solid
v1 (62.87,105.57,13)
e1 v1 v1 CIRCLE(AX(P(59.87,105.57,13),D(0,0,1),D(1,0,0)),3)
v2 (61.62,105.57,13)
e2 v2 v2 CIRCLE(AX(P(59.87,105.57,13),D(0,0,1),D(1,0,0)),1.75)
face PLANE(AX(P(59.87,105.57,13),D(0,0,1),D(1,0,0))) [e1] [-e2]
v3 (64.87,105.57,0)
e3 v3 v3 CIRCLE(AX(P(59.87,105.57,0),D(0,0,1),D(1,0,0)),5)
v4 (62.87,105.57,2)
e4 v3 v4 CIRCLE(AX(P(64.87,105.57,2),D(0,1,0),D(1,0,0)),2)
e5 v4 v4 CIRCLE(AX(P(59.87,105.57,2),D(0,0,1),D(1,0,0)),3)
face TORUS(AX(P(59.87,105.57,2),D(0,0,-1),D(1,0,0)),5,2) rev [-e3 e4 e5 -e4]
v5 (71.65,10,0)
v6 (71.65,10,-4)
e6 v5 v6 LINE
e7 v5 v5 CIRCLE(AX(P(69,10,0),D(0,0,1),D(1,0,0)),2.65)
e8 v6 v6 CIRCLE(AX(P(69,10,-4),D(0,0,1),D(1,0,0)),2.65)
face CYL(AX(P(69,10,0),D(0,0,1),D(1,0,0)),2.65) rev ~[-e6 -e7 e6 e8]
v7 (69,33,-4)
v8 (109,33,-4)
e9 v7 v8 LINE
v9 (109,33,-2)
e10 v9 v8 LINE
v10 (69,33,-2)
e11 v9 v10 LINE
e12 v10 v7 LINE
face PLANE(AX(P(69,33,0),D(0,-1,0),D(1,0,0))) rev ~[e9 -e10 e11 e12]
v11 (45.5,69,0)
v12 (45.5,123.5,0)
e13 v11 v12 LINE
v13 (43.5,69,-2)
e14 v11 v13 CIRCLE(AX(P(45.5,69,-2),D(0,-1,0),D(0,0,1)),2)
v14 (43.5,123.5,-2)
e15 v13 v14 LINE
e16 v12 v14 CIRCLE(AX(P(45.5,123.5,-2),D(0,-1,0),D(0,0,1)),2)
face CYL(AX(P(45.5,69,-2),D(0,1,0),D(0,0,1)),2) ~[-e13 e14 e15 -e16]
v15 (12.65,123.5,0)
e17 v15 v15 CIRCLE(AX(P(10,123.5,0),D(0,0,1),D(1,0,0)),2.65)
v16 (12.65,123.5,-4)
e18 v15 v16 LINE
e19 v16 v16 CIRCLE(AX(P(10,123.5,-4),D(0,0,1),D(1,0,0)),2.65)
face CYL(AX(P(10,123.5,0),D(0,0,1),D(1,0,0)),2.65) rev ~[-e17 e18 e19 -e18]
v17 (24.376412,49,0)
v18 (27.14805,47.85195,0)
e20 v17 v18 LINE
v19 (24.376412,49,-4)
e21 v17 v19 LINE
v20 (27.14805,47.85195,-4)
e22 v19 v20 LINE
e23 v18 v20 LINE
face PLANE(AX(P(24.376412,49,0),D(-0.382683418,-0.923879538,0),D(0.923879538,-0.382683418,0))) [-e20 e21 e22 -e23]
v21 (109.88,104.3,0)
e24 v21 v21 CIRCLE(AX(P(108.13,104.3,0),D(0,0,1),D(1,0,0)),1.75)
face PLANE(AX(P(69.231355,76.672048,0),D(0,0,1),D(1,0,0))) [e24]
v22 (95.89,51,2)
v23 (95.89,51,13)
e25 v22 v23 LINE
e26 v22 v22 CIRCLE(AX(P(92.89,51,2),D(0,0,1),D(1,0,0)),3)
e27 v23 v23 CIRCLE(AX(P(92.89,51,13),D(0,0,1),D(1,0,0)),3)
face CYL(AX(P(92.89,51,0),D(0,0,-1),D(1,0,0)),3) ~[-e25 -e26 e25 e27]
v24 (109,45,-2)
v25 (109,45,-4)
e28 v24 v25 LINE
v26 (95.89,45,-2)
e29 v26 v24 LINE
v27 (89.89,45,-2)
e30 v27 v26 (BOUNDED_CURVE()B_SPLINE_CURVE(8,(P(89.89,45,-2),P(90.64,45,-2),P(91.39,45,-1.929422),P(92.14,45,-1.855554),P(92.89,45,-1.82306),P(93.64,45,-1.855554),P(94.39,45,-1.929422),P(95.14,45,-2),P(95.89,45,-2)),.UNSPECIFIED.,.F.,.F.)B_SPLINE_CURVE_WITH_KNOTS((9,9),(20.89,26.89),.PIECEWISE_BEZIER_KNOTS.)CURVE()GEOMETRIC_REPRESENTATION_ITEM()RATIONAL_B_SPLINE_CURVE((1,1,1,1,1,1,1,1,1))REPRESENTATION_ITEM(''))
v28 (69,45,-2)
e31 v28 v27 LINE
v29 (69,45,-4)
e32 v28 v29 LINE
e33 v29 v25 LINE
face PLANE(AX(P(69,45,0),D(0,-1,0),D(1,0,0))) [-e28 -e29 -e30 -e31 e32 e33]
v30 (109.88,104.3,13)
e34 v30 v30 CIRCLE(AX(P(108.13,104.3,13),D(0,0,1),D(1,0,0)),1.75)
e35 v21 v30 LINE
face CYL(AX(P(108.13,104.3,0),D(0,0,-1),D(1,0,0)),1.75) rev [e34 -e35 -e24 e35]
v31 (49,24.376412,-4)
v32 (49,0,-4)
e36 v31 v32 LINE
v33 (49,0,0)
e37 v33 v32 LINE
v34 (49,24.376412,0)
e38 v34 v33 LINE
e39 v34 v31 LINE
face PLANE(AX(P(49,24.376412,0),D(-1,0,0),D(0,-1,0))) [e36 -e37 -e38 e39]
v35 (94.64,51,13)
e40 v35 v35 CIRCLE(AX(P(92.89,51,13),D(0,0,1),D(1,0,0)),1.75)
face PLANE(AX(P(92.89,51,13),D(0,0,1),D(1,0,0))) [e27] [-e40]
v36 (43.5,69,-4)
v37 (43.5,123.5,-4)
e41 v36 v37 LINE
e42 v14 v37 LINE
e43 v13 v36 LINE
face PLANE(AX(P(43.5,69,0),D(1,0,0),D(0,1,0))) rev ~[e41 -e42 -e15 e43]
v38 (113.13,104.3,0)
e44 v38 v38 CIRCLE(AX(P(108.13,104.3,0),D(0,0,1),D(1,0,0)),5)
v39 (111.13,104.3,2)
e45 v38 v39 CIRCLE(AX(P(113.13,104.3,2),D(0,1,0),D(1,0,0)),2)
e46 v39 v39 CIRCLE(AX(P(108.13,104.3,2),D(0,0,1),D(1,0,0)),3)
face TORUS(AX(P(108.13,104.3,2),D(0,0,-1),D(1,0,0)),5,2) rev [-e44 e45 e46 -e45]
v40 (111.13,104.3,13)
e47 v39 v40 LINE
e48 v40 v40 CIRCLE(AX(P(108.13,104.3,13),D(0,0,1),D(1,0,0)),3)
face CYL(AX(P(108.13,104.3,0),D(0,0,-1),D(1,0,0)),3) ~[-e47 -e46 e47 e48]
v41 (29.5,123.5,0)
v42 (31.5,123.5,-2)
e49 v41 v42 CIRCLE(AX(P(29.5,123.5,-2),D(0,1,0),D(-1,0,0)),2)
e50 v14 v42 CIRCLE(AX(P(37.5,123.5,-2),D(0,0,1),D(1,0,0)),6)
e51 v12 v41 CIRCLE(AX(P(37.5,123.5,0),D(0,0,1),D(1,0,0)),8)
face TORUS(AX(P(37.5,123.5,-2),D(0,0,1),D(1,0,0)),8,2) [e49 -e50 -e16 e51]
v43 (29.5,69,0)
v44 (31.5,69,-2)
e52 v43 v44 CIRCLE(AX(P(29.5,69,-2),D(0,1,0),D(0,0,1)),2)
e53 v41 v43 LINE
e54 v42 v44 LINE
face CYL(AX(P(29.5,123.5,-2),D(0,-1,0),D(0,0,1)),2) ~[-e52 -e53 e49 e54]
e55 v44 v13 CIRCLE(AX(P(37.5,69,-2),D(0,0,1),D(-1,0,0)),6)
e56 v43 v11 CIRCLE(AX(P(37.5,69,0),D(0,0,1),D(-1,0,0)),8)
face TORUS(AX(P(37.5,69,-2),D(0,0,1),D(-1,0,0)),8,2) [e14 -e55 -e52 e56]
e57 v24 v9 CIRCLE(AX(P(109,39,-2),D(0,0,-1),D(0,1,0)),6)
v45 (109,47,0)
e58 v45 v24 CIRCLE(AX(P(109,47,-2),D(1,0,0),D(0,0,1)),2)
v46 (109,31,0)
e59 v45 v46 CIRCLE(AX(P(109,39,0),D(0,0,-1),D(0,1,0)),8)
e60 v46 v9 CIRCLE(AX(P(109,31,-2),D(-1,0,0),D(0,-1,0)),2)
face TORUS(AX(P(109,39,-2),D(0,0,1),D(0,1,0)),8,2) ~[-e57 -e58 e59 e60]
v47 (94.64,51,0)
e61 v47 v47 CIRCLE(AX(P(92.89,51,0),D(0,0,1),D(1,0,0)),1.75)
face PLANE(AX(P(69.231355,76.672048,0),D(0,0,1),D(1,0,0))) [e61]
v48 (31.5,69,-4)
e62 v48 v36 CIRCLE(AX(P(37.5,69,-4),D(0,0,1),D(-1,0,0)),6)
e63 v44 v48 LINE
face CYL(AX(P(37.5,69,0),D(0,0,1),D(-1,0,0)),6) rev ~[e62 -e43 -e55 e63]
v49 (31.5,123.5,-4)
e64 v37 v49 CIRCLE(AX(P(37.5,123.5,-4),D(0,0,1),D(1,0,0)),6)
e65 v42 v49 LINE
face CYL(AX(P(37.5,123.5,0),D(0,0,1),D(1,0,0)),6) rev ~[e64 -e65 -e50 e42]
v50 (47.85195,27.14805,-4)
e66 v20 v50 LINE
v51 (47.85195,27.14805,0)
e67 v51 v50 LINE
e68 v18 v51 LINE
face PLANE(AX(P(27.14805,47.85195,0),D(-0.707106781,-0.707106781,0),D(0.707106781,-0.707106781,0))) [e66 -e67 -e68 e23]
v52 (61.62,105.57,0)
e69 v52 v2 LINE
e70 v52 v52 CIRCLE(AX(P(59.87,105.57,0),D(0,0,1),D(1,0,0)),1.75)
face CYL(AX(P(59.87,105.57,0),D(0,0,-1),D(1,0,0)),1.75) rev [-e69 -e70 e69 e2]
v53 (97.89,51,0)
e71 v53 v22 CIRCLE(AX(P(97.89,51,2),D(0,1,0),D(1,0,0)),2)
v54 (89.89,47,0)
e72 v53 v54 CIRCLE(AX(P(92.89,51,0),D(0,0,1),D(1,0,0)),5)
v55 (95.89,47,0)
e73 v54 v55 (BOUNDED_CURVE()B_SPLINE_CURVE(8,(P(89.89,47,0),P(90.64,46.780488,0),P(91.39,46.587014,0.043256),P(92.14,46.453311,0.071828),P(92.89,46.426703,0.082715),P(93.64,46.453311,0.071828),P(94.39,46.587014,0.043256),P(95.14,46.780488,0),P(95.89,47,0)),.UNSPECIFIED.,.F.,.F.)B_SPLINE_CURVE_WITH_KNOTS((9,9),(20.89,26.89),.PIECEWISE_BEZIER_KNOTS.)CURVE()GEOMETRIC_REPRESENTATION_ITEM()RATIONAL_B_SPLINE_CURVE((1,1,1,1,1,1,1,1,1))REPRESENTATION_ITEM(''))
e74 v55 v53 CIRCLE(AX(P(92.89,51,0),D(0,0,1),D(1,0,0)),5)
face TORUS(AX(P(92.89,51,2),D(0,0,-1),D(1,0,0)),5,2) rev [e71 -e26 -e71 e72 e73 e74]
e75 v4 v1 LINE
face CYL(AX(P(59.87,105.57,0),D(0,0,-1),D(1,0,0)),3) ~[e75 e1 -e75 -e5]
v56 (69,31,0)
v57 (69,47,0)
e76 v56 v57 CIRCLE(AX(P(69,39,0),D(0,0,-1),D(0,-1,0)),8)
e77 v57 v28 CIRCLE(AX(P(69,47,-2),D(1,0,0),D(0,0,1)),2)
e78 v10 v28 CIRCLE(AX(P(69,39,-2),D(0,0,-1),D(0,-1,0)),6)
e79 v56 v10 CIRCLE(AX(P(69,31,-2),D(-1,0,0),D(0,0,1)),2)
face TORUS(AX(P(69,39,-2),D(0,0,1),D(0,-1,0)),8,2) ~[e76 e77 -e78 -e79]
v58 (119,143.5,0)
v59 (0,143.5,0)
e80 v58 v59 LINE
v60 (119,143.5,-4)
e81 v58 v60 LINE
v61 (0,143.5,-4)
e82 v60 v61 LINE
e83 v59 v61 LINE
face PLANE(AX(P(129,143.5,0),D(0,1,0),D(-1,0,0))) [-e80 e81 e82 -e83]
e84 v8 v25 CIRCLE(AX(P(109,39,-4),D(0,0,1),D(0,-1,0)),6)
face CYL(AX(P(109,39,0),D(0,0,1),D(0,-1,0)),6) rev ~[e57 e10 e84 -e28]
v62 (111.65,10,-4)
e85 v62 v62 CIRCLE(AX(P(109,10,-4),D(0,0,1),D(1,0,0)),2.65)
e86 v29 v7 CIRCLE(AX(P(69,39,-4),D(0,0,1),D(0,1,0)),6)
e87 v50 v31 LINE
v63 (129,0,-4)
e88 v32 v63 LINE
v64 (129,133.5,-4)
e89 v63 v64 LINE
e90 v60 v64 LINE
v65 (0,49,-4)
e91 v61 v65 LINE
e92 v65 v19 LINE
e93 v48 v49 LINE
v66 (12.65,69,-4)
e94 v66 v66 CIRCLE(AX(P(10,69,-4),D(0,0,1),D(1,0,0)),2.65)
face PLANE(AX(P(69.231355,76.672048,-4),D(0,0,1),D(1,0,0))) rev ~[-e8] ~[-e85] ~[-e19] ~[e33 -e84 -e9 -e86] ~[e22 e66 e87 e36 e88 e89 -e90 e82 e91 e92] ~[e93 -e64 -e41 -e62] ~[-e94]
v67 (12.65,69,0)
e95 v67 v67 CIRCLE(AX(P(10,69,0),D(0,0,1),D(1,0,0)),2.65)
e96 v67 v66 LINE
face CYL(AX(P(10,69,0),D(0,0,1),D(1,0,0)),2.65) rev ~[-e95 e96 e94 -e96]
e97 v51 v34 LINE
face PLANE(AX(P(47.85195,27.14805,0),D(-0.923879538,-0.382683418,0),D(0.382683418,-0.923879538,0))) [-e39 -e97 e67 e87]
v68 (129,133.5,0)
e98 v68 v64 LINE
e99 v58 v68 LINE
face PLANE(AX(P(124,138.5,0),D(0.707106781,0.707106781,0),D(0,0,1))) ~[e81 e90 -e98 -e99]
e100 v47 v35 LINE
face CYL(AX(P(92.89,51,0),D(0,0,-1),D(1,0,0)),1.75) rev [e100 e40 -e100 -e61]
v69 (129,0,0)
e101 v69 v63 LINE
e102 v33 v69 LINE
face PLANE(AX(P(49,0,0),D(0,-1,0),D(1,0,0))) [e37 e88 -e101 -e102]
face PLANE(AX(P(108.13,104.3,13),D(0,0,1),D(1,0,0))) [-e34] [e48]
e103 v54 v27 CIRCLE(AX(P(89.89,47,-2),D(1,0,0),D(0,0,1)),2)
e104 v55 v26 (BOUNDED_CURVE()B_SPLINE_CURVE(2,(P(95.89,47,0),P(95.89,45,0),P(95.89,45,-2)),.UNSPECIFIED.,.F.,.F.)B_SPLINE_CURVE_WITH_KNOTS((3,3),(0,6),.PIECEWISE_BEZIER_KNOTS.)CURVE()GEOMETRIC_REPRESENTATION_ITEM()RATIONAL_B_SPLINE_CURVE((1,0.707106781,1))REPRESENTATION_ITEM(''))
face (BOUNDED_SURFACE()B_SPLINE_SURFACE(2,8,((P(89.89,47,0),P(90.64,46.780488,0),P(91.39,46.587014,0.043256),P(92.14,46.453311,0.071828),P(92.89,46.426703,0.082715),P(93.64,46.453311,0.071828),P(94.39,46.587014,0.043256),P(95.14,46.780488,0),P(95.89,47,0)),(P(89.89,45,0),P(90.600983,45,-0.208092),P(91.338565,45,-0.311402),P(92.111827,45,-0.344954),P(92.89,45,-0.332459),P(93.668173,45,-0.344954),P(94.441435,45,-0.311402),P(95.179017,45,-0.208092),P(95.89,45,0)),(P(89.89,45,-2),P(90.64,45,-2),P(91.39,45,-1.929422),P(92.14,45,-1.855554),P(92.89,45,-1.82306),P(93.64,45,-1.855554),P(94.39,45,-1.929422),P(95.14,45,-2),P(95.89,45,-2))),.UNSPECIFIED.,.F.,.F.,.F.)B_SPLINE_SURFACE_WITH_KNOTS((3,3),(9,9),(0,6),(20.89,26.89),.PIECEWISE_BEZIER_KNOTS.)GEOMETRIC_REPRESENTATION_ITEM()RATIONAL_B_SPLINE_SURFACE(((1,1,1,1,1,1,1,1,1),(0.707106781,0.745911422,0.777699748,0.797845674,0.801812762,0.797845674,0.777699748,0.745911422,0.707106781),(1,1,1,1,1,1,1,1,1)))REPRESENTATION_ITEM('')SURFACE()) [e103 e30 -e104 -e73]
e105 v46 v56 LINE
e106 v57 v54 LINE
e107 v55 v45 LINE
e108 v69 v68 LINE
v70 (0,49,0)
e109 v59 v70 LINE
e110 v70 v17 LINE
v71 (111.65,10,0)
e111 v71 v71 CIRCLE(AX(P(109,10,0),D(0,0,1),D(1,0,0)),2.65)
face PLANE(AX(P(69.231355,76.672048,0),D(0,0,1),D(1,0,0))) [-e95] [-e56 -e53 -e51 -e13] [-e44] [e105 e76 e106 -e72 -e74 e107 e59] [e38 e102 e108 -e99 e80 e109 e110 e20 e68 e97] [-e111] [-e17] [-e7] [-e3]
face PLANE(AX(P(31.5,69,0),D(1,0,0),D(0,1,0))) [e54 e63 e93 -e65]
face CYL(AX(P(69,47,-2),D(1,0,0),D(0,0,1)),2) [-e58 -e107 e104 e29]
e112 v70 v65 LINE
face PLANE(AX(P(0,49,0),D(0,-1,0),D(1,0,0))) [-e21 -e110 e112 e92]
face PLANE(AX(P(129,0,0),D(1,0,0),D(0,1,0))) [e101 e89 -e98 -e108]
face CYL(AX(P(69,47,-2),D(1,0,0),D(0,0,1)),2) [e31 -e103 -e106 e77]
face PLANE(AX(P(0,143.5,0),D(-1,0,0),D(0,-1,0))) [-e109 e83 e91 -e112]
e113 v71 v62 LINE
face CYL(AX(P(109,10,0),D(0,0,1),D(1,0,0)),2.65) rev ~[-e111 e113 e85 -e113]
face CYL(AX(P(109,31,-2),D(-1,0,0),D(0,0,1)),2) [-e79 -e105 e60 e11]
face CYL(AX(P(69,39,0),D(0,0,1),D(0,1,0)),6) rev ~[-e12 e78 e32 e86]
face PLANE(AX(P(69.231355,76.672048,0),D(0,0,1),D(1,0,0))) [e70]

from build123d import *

# Parameters (mm, degrees)
SKETCH_R      = 2.65
PAD_DEPTH     = 4
SKETCH001_R   = 3
SKETCH001_R_2 = 1.75
PAD001_DEPTH  = 13
CHAMFER_SIZE  = 10
FILLET_R      = 2
POCKET_DEPTH  = 5
FILLET001_R   = 2


with BuildPart() as part:
    # Sketch → Pad (new body)
    with BuildSketch(Plane.XY):
        Polygon((0, 49), (24.376412, 49), (27.14805, 47.85195), (47.85195, 27.14805), (49, 24.376412), (49, 0), (129, 0), (129, 143.5), (0, 143.5), align=None)
        with Locations((10, 123.5)):
            Circle(SKETCH_R, mode=Mode.SUBTRACT)
        with Locations((10, 69)):
            Circle(SKETCH_R, mode=Mode.SUBTRACT)
        with Locations((69, 10)):
            Circle(SKETCH_R, mode=Mode.SUBTRACT)
        with Locations((109, 10)):
            Circle(SKETCH_R, mode=Mode.SUBTRACT)
    extrude(amount=-PAD_DEPTH)

    # Sketch001 (on Face14 of Pad) → Pad001 (join)
    with BuildSketch(Plane.XY):
        with Locations((59.87, 105.57)):
            Circle(SKETCH001_R)
        with Locations((59.87, 105.57)):
            Circle(SKETCH001_R_2, mode=Mode.SUBTRACT)
        with Locations((108.13, 104.3)):
            Circle(SKETCH001_R)
        with Locations((108.13, 104.3)):
            Circle(SKETCH001_R_2, mode=Mode.SUBTRACT)
        with Locations((92.89, 51)):
            Circle(SKETCH001_R)
        with Locations((92.89, 51)):
            Circle(SKETCH001_R_2, mode=Mode.SUBTRACT)
    extrude(amount=PAD001_DEPTH)

    # Chamfer
    chamfer_edges = [part.edges().sort_by_distance(p)[0] for p in [
        (129, 143.5, -2),
    ]]
    chamfer(chamfer_edges, length=CHAMFER_SIZE)

    # Fillet
    fillet_edges = [part.edges().sort_by_distance(p)[0] for p in [
        (89.89, 51, 0),
        (56.87, 105.57, 0),
        (105.13, 104.3, 0),
    ]]
    fillet(fillet_edges, radius=FILLET_R)

    # Sketch003 (on Face2 of Chamfer) → Pocket (cut)
    with BuildSketch(Plane.XY):
        with BuildLine():
            ThreePointArc((31.5, 69), (37.5, 63), (43.5, 69))
            Line((43.5, 69), (43.5, 123.5))
            ThreePointArc((43.5, 123.5), (37.5, 129.5), (31.5, 123.5))
            Line((31.5, 69), (31.5, 123.5))
        make_face()
        with BuildLine():
            ThreePointArc((69, 45), (63, 39), (69, 33))
            Line((69, 33), (109, 33))
            ThreePointArc((109, 33), (115, 39), (109, 45))
            Line((69, 45), (109, 45))
        make_face()
    extrude(amount=-POCKET_DEPTH, mode=Mode.SUBTRACT)

    # Fillet001
    fillet001_edges = [part.edges().sort_by_distance(p)[0] for p in [
        (43.5, 96.25, 0),
        (89, 45, 0),
    ]]
    fillet(fillet001_edges, radius=FILLET001_R)


solid = part.part
